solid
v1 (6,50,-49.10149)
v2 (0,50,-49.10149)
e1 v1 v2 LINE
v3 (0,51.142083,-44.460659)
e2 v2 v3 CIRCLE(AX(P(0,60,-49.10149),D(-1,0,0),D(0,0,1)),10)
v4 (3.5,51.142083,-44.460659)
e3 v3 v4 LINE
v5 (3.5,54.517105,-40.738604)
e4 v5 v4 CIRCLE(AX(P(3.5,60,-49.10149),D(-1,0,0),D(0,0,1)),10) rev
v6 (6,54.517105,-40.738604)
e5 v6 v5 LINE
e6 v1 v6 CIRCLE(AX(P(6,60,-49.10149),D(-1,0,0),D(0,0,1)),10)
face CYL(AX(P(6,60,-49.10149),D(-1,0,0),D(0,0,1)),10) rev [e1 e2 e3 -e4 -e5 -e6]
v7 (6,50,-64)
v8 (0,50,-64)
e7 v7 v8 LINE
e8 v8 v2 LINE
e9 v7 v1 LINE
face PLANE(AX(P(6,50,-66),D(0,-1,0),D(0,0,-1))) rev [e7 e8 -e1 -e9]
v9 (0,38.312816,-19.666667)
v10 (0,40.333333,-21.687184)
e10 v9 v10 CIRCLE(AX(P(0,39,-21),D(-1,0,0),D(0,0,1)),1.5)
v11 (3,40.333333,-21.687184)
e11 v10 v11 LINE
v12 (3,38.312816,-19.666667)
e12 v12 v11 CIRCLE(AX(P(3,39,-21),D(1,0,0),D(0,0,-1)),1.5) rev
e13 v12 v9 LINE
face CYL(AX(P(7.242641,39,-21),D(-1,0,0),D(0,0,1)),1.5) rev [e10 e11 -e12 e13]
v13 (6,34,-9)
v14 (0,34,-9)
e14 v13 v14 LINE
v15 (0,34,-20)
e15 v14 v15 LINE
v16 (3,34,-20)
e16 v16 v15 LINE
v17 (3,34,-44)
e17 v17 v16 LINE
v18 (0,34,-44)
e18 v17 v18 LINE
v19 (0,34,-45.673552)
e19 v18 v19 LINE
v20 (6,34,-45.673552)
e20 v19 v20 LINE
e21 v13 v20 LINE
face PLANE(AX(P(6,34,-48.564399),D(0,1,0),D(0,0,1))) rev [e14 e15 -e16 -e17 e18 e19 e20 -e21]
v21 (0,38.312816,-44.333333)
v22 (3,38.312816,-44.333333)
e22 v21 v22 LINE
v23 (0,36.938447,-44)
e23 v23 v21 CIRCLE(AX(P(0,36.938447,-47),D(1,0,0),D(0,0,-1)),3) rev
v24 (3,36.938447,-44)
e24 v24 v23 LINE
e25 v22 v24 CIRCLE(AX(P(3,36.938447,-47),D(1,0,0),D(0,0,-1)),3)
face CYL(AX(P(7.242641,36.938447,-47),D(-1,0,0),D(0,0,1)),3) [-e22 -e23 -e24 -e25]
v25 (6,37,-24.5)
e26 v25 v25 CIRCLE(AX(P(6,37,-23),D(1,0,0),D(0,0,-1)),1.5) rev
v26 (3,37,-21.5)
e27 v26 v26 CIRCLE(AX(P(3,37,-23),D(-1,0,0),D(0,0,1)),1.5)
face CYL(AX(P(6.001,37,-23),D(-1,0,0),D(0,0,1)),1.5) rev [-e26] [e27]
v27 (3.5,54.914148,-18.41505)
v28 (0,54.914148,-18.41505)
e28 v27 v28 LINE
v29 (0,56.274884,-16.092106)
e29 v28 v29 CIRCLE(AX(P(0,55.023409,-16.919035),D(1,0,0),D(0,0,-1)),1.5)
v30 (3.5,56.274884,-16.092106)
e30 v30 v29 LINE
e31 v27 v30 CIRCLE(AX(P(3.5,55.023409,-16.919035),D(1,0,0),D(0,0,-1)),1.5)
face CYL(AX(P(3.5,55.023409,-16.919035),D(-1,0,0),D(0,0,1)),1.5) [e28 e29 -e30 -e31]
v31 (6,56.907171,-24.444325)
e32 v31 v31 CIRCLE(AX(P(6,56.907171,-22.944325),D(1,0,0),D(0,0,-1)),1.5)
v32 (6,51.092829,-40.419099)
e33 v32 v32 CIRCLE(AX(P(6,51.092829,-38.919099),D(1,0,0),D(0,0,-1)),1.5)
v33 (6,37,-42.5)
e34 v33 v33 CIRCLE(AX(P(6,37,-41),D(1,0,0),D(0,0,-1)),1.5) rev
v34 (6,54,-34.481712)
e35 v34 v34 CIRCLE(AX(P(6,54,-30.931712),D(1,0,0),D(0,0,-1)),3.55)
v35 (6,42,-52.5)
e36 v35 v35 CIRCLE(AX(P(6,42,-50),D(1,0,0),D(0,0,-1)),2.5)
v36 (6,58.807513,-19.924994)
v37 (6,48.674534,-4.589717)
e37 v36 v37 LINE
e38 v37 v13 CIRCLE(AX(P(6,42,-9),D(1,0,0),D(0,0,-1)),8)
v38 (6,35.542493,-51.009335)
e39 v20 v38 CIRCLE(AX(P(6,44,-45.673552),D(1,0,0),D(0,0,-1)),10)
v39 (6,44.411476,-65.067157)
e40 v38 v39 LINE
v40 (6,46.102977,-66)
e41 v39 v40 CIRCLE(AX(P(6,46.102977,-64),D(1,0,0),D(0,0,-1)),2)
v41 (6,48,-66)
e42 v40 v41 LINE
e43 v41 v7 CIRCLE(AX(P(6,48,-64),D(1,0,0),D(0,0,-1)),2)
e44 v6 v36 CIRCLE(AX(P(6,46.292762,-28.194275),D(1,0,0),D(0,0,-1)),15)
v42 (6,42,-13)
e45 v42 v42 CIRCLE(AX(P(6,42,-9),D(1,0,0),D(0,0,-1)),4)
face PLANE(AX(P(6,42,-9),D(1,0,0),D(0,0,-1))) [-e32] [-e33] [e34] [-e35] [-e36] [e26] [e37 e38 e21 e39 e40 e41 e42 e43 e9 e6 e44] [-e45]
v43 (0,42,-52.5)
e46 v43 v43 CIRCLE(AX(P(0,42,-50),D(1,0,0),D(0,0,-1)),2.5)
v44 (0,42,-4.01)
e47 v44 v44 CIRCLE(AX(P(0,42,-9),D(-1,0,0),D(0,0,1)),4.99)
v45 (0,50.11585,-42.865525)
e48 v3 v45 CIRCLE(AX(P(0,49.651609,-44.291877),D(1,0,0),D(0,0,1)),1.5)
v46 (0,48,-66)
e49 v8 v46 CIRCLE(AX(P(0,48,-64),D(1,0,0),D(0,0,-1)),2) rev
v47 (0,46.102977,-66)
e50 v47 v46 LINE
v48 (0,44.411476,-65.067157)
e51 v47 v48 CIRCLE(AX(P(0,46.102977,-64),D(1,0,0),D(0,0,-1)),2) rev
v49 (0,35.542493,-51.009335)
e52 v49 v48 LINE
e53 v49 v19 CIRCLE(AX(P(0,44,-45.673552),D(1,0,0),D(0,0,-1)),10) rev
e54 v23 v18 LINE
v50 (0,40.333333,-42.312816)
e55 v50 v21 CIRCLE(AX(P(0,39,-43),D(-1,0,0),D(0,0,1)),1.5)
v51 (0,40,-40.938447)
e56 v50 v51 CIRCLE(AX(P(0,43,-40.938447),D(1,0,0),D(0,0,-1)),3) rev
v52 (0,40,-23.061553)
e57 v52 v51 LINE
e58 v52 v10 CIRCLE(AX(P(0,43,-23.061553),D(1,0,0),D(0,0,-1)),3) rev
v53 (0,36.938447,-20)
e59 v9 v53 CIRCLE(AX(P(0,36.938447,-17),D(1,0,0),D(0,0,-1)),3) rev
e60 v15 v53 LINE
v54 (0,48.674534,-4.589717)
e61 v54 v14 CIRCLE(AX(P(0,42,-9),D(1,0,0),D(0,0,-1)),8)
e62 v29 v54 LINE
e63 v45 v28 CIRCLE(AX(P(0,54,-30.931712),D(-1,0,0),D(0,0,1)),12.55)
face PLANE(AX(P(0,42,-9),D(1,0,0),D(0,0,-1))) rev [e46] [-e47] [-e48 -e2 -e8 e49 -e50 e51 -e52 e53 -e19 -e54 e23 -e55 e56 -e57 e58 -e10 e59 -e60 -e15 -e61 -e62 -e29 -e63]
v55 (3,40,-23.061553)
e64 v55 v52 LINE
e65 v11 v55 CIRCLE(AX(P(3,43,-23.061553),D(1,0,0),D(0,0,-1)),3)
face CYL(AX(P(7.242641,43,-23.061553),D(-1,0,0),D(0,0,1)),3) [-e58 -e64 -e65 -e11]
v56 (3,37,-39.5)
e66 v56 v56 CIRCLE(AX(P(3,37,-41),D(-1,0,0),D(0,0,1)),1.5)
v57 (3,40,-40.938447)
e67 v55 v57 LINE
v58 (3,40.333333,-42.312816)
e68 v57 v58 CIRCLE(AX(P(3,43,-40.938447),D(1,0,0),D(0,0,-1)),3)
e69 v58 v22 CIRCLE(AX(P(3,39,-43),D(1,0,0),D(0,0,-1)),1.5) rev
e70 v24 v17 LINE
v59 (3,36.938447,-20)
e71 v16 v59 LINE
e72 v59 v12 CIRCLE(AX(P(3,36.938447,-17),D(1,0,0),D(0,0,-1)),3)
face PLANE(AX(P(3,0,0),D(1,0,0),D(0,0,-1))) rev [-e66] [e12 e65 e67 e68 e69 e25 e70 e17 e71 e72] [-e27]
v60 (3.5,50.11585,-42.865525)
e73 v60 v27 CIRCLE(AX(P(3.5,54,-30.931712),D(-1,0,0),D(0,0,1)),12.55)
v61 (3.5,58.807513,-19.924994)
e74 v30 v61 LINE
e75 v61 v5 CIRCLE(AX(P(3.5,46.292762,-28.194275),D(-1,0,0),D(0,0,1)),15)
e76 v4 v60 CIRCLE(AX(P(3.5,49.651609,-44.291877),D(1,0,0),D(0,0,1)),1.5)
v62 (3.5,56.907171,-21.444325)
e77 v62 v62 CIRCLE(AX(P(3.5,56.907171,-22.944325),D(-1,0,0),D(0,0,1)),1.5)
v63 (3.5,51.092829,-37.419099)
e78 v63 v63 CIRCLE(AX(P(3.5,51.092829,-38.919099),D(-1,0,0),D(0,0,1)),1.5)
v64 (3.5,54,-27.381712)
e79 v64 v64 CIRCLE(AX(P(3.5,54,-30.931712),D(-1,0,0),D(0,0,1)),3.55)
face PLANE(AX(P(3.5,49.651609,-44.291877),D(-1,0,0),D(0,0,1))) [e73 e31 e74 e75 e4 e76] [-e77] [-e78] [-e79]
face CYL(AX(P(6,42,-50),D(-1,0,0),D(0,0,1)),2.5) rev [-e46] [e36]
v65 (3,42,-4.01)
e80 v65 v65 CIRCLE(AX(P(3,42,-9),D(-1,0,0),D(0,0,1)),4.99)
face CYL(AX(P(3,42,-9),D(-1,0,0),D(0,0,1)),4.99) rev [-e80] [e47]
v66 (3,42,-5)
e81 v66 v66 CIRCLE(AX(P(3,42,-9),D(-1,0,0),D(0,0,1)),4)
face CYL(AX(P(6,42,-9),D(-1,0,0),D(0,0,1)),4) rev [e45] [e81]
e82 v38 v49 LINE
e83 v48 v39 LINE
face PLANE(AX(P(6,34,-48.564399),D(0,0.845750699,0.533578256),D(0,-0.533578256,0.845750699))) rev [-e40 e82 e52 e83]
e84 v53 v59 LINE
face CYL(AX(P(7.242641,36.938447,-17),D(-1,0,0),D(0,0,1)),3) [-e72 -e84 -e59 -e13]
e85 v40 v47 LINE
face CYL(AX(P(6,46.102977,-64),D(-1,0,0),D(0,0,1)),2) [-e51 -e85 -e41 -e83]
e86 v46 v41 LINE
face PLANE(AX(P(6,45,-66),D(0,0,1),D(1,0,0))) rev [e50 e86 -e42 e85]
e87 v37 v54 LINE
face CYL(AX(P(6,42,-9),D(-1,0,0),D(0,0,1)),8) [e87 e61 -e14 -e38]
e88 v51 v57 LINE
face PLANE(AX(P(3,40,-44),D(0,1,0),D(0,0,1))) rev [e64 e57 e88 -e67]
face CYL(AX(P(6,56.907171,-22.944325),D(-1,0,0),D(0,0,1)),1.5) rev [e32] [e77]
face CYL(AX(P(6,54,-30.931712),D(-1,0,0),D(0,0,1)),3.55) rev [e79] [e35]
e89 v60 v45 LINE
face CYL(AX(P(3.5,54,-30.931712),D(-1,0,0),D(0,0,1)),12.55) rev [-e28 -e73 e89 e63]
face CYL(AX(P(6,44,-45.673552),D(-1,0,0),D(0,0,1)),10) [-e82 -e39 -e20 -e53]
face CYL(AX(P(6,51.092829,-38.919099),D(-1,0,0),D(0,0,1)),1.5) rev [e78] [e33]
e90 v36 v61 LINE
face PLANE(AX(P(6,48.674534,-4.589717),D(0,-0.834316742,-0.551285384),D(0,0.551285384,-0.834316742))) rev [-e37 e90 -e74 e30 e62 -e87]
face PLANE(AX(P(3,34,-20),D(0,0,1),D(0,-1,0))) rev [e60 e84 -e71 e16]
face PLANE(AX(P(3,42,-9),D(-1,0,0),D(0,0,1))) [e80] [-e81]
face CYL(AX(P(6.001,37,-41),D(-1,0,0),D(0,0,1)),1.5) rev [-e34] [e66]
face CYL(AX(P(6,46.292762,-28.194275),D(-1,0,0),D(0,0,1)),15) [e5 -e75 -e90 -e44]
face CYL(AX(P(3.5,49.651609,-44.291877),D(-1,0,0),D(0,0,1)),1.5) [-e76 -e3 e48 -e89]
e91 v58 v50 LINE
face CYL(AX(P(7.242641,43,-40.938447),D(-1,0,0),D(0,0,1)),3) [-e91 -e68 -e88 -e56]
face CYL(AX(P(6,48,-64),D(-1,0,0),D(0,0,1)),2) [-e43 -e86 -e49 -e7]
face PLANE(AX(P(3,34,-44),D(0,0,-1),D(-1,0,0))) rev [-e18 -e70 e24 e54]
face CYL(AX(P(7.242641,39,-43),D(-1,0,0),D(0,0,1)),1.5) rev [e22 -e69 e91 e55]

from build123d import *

# Parameters (mm, degrees)
SKETCH27_R          = 3.55
SKETCH27_R_2        = 4
SKETCH27_R_3        = 2.5
SKETCH27_R_4        = 1.5
BOSS_EXTRUDE1_DEPTH = 6
SKETCH47_R          = 4.99
CUT_EXTRUDE8_DEPTH  = 3
CUT_EXTRUDE10_DEPTH = 3.5
SKETCH49_W          = 24
SKETCH49_H          = 6
CUT_EXTRUDE11_DEPTH = 3
SKETCH50_R          = 1.5
CUT_EXTRUDE12_DEPTH = 3
FILLET1_R           = 3
CUT_EXTRUDE13_REACH = 5
SKETCH51_R          = 1.5
FILLET2_R           = 10
FILLET3_R           = 2


with BuildPart() as part:
    # Sketch27 → Boss-Extrude1 (new body)
    with BuildSketch(Plane(origin=(0, 0, 0), x_dir=(0, 0, -1), z_dir=(1, 0, 0))):
        with BuildLine():
            Line((4.589716929, 48.674533934), (19.924994259, 58.807513206))
            ThreePointArc((19.924994259, 58.807513206), (31.222626062, 60.983884909), (40.738603868, 54.517104832))
            ThreePointArc((40.738603868, 54.517104832), (44.34906679, 51.201450356), (49.101489768, 50))
            Line((49.101489768, 50), (66, 50))
            Line((66, 50), (66, 45))
            Line((66, 45), (48.564398788, 34))
            Line((48.564398788, 34), (9, 34))
            ThreePointArc((9, 34), (1.33852914, 39.697422256), (4.589716929, 48.674533934))
        make_face()
        with Locations((30.931712199, 54)):
            Circle(SKETCH27_R, mode=Mode.SUBTRACT)
        with Locations((9, 42)):
            Circle(SKETCH27_R_2, mode=Mode.SUBTRACT)
        with Locations((50, 42)):
            Circle(SKETCH27_R_3, mode=Mode.SUBTRACT)
        with Locations((38.919099476, 51.092828782)):
            Circle(SKETCH27_R_4, mode=Mode.SUBTRACT)
        with Locations((22.944324923, 56.907171218)):
            Circle(SKETCH27_R_4, mode=Mode.SUBTRACT)
    extrude(amount=BOSS_EXTRUDE1_DEPTH)

    # Sketch47 → Cut-Extrude8 (cut)
    with BuildSketch(Plane.ZY):
        with Locations((-9, 42)):
            Circle(SKETCH47_R)
    extrude(amount=-CUT_EXTRUDE8_DEPTH, mode=Mode.SUBTRACT)

    # Sketch48 → Cut-Extrude10 (cut)
    with BuildSketch(Plane.ZY):
        with BuildLine():
            Line((-45.322401917, 50.741571677), (-29.852897284, 65.367501227))
            Line((-29.852897284, 65.367501227), (-16.092106493, 56.274883933))
            ThreePointArc((-16.092106493, 56.274883933), (-17.677203396, 56.31769628), (-18.415049974, 54.914148092))
            ThreePointArc((-18.415049974, 54.914148092), (-28.514928411, 41.684901295), (-42.865524712, 50.115850296))
            ThreePointArc((-42.865524712, 50.115850296), (-43.921672049, 51.10520774), (-45.322401917, 50.741571677))
        make_face()
    extrude(amount=-CUT_EXTRUDE10_DEPTH, mode=Mode.SUBTRACT)

    # Sketch49 → Cut-Extrude11 (cut)
    with BuildSketch(Plane.ZY):
        with Locations((-32, 37)):
            Rectangle(SKETCH49_W, SKETCH49_H)
    extrude(amount=-CUT_EXTRUDE11_DEPTH, mode=Mode.SUBTRACT)

    # Sketch50 → Cut-Extrude12 (cut)
    with BuildSketch(Plane.ZY):
        with Locations((-43, 39)):
            Circle(SKETCH50_R)
        with Locations((-21, 39)):
            Circle(SKETCH50_R)
    extrude(amount=-CUT_EXTRUDE12_DEPTH, mode=Mode.SUBTRACT)

    # Fillet1
    fillet1_edges = [part.edges().sort_by_distance(p)[0] for p in [
        (1.5, 37.881966011, -44),
        (1.5, 40, -41.881966011),
        (1.5, 40, -22.118033989),
        (1.5, 37.881966011, -20),
    ]]
    fillet(fillet1_edges, radius=FILLET1_R)

    # Sketch51 → Cut-Extrude13 (cut, up to next)
    with BuildSketch(Plane.ZY.offset(-3), mode=Mode.PRIVATE) as cut_extrude13_sk1:
        with Locations((-41, 37)):
            Circle(SKETCH51_R)
    cut_extrude13_tool1 = extrude(cut_extrude13_sk1.sketch, amount=-CUT_EXTRUDE13_REACH, mode=Mode.PRIVATE) & part.part
    add(cut_extrude13_tool1.solids().sort_by_distance((3, 37, -41))[0], mode=Mode.SUBTRACT)
    # Sketch51 → Cut-Extrude13 (cut, up to next)
    with BuildSketch(Plane.ZY.offset(-3), mode=Mode.PRIVATE) as cut_extrude13_sk2:
        with Locations((-23, 37)):
            Circle(SKETCH51_R)
    cut_extrude13_tool2 = extrude(cut_extrude13_sk2.sketch, amount=-CUT_EXTRUDE13_REACH, mode=Mode.PRIVATE) & part.part
    add(cut_extrude13_tool2.solids().sort_by_distance((3, 37, -23))[0], mode=Mode.SUBTRACT)

    # Fillet2
    fillet2_edges = [part.edges().sort_by_distance(p)[0] for p in [
        (3, 34, -48.564398788),
    ]]
    fillet(fillet2_edges, radius=FILLET2_R)

    # Fillet3
    fillet3_edges = [part.edges().sort_by_distance(p)[0] for p in [
        (3, 50, -66),
        (3, 45, -66),
    ]]
    fillet(fillet3_edges, radius=FILLET3_R)


solid = part.part
